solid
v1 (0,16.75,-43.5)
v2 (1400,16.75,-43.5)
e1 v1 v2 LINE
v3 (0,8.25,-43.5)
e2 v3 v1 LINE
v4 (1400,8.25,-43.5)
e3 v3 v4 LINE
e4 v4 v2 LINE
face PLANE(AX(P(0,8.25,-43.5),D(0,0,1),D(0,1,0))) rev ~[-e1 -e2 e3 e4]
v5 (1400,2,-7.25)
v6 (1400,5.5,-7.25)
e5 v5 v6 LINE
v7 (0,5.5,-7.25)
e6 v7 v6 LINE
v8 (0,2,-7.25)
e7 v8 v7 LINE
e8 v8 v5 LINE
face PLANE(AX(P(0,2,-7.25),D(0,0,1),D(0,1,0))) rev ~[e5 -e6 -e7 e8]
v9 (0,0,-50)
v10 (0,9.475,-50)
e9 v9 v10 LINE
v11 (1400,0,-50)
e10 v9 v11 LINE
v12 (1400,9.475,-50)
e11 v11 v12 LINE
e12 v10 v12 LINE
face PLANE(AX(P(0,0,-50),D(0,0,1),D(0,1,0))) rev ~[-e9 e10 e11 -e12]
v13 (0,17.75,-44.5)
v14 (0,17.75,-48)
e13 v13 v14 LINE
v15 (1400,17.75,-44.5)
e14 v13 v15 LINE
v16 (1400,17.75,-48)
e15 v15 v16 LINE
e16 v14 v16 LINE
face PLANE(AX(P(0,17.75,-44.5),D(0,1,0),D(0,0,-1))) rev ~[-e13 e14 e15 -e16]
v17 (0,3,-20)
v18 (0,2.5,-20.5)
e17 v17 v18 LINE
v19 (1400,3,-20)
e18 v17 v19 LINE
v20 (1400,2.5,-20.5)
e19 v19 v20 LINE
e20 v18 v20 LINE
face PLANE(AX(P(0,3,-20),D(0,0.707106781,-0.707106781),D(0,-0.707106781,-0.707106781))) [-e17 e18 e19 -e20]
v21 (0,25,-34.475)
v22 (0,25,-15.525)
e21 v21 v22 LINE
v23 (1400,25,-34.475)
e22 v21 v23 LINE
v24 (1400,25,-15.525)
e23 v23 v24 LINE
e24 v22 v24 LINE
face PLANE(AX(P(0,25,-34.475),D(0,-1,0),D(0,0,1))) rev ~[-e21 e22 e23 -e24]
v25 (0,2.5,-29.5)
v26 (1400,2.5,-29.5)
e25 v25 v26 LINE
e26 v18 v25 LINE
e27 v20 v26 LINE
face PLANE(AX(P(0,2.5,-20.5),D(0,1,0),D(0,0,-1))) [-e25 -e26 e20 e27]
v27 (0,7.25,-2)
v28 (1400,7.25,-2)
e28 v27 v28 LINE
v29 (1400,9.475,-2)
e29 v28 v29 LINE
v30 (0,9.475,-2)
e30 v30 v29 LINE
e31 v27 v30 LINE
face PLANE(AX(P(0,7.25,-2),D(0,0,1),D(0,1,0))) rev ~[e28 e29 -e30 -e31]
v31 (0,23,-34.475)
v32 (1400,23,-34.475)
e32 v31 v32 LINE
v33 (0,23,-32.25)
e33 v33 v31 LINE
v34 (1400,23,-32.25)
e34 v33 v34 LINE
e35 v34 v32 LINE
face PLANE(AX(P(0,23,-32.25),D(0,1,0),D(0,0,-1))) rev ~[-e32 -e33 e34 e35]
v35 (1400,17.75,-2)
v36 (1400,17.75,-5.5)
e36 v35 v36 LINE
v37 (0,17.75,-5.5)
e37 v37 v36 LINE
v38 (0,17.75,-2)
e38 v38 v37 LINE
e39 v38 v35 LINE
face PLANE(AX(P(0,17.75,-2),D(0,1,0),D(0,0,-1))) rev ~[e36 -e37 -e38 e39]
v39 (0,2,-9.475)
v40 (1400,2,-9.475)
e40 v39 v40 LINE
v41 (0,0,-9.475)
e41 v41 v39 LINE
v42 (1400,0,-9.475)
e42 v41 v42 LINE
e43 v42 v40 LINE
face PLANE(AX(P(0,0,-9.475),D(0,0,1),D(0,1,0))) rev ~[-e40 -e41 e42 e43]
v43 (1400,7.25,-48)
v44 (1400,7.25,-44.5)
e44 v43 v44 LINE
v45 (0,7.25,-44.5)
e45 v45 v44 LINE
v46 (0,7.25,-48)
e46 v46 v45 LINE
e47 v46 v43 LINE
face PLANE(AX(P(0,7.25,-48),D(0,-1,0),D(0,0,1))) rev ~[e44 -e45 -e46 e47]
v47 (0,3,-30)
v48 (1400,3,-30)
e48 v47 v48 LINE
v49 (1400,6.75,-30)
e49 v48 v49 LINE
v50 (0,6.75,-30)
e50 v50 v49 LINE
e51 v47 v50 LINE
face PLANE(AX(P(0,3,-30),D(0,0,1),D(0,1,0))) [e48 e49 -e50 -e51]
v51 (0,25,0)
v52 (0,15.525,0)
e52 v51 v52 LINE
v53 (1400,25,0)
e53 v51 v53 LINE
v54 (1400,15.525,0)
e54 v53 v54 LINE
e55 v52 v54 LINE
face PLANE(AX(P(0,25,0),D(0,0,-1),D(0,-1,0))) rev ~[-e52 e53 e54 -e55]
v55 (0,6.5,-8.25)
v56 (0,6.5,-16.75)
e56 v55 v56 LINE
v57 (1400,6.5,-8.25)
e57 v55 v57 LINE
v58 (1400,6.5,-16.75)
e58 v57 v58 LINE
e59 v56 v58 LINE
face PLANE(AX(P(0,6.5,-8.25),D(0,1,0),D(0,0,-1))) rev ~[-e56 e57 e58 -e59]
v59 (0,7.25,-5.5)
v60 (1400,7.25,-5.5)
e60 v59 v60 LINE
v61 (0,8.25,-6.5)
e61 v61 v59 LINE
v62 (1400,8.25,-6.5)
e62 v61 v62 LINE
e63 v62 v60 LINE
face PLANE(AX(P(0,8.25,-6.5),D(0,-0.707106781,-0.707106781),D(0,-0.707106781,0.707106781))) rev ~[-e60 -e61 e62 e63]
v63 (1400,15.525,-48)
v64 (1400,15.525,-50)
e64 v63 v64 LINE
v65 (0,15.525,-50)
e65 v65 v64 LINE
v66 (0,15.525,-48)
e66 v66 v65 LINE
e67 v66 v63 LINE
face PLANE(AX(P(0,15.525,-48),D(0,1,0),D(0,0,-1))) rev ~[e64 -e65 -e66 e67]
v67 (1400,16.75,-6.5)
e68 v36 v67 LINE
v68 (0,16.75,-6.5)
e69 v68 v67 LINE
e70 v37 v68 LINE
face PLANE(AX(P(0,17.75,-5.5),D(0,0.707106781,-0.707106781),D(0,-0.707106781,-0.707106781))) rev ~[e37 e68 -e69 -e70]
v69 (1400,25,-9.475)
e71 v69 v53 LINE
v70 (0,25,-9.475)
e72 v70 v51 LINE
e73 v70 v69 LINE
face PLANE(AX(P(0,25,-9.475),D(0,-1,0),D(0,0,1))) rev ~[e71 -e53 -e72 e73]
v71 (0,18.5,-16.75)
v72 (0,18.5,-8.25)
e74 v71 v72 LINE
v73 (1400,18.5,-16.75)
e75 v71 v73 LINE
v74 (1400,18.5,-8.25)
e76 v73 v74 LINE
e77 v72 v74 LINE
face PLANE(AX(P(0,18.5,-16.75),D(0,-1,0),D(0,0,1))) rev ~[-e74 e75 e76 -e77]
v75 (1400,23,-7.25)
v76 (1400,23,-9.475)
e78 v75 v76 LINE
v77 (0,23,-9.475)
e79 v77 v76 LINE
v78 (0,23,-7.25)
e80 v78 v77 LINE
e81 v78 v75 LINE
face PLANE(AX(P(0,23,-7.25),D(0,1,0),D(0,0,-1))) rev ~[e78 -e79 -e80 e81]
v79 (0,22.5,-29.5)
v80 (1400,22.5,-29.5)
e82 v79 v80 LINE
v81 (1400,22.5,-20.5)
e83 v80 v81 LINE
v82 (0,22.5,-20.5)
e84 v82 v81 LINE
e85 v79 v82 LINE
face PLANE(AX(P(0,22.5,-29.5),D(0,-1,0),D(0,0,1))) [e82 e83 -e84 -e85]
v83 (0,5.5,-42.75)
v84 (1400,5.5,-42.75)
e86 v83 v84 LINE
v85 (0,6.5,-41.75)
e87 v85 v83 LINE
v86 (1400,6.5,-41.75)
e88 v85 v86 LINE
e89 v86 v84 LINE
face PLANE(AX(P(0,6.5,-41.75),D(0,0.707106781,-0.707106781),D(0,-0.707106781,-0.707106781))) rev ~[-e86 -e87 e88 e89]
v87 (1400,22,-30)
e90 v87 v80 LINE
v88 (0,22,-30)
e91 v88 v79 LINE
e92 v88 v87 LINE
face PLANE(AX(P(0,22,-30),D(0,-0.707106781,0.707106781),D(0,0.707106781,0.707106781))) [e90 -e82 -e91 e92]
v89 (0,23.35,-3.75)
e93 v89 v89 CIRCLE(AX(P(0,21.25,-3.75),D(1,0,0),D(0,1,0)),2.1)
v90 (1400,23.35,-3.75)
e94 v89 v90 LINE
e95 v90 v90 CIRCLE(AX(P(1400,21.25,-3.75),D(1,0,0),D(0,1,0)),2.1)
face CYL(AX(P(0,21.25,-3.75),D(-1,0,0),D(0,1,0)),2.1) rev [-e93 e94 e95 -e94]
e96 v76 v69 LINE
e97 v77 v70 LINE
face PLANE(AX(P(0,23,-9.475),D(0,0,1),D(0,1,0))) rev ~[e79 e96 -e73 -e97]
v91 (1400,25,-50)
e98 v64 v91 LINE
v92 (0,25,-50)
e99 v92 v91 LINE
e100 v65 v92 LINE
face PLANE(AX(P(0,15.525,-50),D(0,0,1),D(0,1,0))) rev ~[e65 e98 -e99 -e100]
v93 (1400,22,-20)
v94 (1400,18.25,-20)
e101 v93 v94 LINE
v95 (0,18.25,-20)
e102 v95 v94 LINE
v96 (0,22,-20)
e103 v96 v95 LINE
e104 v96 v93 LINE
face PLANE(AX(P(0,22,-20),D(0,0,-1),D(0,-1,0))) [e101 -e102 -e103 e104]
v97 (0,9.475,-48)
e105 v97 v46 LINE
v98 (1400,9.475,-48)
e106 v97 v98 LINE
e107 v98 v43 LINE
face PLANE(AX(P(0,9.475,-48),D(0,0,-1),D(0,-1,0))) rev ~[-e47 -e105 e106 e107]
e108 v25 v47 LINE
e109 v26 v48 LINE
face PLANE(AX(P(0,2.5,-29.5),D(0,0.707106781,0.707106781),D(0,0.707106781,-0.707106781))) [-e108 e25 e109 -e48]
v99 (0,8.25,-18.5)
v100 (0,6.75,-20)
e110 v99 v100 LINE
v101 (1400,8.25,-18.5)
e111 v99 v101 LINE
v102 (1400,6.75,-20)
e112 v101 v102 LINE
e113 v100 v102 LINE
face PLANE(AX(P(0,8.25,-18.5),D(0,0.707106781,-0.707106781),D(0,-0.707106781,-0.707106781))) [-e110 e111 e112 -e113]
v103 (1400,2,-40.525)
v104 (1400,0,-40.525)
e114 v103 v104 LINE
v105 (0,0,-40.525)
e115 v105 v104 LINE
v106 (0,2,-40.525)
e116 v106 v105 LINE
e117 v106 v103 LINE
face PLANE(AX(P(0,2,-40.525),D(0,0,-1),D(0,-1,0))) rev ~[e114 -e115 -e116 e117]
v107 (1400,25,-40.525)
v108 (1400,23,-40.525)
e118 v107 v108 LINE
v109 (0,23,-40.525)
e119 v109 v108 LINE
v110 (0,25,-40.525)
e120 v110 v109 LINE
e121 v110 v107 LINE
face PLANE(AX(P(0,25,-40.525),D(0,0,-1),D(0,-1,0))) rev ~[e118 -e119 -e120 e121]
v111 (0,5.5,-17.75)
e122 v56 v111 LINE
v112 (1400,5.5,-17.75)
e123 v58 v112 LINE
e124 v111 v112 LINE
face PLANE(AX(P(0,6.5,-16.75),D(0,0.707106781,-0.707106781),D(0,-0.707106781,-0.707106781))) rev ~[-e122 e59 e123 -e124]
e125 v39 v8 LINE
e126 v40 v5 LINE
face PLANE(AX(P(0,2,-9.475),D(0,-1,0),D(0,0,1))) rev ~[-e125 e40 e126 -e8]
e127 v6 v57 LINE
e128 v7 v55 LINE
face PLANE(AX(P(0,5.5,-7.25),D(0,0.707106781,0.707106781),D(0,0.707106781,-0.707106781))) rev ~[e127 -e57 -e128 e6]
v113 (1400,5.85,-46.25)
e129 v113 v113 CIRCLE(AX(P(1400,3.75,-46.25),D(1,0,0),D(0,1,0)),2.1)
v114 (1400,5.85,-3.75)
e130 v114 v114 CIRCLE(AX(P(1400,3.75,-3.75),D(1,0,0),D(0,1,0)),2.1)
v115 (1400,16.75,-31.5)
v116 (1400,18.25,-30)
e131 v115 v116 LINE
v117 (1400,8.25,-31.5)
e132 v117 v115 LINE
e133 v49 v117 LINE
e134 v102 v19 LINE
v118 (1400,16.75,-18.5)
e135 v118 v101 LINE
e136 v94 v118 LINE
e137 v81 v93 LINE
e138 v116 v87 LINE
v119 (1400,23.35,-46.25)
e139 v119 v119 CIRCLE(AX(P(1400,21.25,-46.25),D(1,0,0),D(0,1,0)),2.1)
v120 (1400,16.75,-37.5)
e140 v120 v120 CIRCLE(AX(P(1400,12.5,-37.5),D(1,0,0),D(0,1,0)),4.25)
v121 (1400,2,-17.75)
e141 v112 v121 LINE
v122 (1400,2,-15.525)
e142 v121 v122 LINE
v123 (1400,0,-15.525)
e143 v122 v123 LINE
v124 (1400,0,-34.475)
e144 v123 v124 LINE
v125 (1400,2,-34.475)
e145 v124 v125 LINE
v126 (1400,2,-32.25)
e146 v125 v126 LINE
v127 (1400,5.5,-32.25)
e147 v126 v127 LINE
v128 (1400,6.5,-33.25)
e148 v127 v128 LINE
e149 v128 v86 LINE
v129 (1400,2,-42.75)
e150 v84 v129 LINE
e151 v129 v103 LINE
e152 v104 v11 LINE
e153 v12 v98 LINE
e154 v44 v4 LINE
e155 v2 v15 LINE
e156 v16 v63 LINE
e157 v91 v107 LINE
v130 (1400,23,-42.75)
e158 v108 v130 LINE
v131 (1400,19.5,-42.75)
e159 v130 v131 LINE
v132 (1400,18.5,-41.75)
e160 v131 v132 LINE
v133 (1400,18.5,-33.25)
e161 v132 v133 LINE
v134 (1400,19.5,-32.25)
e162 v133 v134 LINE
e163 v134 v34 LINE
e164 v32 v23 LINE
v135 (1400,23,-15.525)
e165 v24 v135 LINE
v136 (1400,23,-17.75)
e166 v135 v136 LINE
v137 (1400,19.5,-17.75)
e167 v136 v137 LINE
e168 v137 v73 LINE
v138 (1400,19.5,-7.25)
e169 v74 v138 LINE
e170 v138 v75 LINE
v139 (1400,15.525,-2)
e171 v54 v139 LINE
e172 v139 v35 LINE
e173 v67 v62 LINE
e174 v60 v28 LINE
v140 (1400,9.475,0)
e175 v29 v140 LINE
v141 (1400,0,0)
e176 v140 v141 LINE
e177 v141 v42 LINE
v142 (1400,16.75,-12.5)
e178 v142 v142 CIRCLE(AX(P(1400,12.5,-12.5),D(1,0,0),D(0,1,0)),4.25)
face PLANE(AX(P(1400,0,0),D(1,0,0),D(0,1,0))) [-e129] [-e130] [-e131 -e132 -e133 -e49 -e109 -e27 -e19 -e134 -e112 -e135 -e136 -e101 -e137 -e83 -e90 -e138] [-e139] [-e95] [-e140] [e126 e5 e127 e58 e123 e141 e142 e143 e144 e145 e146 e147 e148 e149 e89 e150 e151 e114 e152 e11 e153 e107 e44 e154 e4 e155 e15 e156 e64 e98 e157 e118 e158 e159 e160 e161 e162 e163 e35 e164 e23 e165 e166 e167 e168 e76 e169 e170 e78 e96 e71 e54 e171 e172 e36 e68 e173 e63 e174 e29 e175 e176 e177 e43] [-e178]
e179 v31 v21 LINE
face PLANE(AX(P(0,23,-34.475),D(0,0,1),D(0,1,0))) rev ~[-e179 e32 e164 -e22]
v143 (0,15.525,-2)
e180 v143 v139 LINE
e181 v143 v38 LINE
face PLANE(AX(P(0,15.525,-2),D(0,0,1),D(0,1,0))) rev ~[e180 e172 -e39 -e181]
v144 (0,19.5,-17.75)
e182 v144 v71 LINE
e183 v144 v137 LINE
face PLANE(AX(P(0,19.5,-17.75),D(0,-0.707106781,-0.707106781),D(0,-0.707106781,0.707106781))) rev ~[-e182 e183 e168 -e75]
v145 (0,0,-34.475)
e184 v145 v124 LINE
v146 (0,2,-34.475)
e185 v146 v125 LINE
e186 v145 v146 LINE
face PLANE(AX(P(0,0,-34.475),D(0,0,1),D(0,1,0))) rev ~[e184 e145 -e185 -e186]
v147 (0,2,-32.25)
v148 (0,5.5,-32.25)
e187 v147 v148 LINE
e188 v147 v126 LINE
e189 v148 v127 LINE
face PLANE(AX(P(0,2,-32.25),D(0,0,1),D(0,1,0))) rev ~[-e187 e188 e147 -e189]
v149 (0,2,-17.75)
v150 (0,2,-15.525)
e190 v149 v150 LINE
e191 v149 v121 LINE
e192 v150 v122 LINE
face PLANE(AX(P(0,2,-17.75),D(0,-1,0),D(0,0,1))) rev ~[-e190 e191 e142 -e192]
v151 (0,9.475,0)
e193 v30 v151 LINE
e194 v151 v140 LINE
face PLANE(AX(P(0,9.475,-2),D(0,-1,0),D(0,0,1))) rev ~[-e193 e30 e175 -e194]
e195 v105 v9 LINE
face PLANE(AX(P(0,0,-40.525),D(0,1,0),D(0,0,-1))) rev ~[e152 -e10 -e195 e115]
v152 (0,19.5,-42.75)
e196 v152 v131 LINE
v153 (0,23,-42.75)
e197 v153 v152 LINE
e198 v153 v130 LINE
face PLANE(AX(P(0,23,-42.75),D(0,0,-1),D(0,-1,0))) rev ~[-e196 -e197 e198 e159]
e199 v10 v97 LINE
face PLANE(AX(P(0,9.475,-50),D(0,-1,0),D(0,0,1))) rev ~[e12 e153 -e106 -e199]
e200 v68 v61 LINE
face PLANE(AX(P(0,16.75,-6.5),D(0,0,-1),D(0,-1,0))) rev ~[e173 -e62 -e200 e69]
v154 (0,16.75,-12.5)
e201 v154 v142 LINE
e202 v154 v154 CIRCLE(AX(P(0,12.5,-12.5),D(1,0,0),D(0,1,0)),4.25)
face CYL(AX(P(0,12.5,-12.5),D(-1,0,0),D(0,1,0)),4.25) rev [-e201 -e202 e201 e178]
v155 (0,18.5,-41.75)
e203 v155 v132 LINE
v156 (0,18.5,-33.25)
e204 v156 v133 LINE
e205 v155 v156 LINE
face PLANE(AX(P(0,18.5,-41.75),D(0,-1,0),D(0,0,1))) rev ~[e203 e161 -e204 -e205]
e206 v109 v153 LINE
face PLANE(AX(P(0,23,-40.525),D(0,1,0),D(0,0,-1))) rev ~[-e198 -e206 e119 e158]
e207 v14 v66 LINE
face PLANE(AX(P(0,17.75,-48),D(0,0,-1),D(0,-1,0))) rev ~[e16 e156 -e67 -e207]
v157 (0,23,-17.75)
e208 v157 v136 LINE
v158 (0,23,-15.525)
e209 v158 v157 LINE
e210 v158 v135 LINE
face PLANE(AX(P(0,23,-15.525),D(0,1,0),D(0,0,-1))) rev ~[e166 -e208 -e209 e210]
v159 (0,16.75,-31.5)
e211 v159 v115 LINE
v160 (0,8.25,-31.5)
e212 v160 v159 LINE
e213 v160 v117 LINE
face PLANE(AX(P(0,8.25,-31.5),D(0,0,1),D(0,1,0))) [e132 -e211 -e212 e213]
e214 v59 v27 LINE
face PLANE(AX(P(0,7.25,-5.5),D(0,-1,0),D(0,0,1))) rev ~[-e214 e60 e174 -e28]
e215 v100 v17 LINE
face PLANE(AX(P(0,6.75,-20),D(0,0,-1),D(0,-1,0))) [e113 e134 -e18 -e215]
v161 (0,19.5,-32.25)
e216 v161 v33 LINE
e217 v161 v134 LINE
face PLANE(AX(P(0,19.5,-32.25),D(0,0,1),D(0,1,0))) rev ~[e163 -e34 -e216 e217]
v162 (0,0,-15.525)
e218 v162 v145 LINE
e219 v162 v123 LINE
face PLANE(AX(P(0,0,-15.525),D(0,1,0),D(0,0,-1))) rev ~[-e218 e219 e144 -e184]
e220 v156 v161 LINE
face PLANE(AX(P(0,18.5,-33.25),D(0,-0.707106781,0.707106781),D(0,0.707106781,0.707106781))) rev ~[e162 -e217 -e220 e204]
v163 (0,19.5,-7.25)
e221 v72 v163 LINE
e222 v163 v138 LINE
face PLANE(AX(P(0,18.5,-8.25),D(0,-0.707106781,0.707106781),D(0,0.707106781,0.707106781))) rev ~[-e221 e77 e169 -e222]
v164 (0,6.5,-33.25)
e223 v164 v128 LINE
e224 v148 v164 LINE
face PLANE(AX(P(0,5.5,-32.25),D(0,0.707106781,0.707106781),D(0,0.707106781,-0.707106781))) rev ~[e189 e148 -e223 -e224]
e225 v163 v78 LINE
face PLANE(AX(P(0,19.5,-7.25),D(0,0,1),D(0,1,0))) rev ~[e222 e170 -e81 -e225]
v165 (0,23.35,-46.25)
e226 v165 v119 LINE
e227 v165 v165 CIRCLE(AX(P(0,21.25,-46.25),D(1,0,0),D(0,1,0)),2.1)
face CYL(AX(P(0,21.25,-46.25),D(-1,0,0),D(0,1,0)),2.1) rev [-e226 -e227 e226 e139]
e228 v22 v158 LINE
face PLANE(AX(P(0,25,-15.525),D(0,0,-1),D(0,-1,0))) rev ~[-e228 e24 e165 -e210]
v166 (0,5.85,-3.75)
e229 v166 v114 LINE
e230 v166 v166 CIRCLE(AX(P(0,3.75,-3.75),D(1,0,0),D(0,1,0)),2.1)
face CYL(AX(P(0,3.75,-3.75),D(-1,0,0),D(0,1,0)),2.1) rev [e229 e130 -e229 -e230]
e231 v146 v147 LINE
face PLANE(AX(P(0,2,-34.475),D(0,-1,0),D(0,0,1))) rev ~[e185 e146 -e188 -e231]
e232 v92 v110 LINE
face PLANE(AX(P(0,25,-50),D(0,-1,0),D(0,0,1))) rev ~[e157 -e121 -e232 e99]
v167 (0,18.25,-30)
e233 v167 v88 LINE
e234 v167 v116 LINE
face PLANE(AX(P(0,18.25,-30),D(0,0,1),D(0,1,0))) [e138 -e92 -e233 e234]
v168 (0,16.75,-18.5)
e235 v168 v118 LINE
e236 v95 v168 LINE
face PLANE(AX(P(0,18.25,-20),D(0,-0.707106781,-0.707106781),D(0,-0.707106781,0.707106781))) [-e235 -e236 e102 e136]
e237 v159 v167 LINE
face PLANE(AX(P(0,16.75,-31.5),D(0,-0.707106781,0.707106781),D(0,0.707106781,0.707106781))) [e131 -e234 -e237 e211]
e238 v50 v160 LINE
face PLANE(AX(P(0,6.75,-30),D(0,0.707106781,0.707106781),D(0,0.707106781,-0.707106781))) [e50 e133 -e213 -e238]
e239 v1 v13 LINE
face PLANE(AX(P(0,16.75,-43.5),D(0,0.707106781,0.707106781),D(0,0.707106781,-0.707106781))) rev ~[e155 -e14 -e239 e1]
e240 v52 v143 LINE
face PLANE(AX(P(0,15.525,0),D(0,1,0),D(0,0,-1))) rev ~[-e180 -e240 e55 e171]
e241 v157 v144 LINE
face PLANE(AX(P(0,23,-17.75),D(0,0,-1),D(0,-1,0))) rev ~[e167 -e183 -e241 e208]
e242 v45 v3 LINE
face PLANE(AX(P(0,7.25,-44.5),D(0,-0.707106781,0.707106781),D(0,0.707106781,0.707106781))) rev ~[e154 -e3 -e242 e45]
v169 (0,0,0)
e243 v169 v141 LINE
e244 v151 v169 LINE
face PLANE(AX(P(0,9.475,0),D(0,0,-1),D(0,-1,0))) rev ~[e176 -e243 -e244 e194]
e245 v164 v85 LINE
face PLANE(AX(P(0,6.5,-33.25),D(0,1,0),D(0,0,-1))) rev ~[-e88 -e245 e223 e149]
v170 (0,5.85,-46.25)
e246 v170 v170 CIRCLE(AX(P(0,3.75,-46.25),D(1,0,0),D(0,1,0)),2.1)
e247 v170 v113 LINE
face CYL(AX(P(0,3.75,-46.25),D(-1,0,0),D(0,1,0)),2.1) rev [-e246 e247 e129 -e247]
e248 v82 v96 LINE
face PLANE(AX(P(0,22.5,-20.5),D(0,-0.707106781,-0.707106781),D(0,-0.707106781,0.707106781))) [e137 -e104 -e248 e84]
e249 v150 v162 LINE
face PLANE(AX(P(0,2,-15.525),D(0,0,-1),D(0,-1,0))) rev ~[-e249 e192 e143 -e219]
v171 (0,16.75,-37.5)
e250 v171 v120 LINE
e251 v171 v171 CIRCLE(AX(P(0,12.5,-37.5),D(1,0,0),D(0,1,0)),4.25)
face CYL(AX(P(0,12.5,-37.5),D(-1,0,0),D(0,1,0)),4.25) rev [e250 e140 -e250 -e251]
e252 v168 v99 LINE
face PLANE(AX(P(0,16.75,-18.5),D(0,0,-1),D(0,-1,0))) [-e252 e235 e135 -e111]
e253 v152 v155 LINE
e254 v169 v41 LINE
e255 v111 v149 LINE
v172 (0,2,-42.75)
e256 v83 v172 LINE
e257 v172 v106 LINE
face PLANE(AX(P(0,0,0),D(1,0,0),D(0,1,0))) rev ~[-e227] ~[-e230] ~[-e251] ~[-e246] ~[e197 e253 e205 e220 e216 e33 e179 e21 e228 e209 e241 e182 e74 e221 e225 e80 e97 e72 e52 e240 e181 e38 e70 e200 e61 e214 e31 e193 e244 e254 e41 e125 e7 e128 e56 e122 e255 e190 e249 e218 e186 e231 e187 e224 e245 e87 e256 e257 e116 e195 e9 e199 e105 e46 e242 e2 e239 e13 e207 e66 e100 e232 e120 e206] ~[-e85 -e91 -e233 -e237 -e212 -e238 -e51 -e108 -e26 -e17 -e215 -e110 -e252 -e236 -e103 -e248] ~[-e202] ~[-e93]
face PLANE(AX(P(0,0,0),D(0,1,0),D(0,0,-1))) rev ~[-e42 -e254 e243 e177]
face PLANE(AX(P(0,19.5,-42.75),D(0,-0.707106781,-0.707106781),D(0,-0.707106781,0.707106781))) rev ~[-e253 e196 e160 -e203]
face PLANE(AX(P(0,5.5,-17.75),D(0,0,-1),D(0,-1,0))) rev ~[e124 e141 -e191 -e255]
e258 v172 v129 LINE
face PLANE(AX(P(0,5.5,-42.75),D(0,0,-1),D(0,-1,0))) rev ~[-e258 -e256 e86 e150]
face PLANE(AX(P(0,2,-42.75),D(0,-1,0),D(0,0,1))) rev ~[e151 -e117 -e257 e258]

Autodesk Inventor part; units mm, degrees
ref_plane "YZ Plane" through (0, 0, 0) normal (1, 0, 0) x (0, 1, 0)
ref_plane "XZ Plane" through (0, 0, 0) normal (0, 1, 0) x (-1, 0, 0)
ref_plane "XY Plane" through (0, 0, 0) normal (0, 0, 1) x (1, 0, 0)
sketch "Skizze_1" plane through (0, 0, 0) normal (1, 0, 0) x (0, 1, 0)
  line L0 (25, 0) -> (15.525, 0)
  line L1 (15.525, 0) -> (15.525, -2)
  line L2 (15.525, -2) -> (17.75, -2)
  line L3 (17.75, -2) -> (17.75, -5.5)
  line L4 (17.75, -5.5) -> (16.75, -6.5)
  line L5 (16.75, -6.5) -> (8.25, -6.5)
  line L6 (8.25, -6.5) -> (7.25, -5.5)
  line L7 (7.25, -5.5) -> (7.25, -2)
  line L8 (7.25, -2) -> (9.475, -2)
  line L9 (9.475, -2) -> (9.475, 0)
  line L10 (9.475, 0) -> (0, 0)
  line L11 (0, 0) -> (0, -9.475)
  line L12 (0, -9.475) -> (2, -9.475)
  line L13 (2, -9.475) -> (2, -7.25)
  line L14 (2, -7.25) -> (5.5, -7.25)
  line L15 (5.5, -7.25) -> (6.5, -8.25)
  line L16 (6.5, -8.25) -> (6.5, -16.75)
  line L17 (6.5, -16.75) -> (5.5, -17.75)
  line L18 (5.5, -17.75) -> (2, -17.75)
  line L19 (2, -17.75) -> (2, -15.525)
  line L20 (2, -15.525) -> (0, -15.525)
  line L21 (0, -15.525) -> (0, -34.475)
  line L22 (0, -34.475) -> (2, -34.475)
  line L23 (2, -34.475) -> (2, -32.25)
  line L24 (2, -32.25) -> (5.5, -32.25)
  line L25 (5.5, -32.25) -> (6.5, -33.25)
  line L26 (6.5, -33.25) -> (6.5, -41.75)
  line L27 (6.5, -41.75) -> (5.5, -42.75)
  line L28 (5.5, -42.75) -> (2, -42.75)
  line L29 (2, -42.75) -> (2, -40.525)
  line L30 (2, -40.525) -> (0, -40.525)
  line L31 (0, -40.525) -> (0, -50)
  line L32 (0, -50) -> (9.475, -50)
  line L33 (9.475, -50) -> (9.475, -48)
  line L34 (9.475, -48) -> (7.25, -48)
  line L35 (7.25, -48) -> (7.25, -44.5)
  line L36 (7.25, -44.5) -> (8.25, -43.5)
  line L37 (8.25, -43.5) -> (16.75, -43.5)
  line L38 (16.75, -43.5) -> (17.75, -44.5)
  line L39 (17.75, -44.5) -> (17.75, -48)
  line L40 (17.75, -48) -> (15.525, -48)
  line L41 (15.525, -48) -> (15.525, -50)
  line L42 (15.525, -50) -> (25, -50)
  line L43 (25, -50) -> (25, -40.525)
  line L44 (25, -40.525) -> (23, -40.525)
  line L45 (23, -40.525) -> (23, -42.75)
  line L46 (23, -42.75) -> (19.5, -42.75)
  line L47 (19.5, -42.75) -> (18.5, -41.75)
  line L48 (18.5, -41.75) -> (18.5, -33.25)
  line L49 (18.5, -33.25) -> (19.5, -32.25)
  line L50 (19.5, -32.25) -> (23, -32.25)
  line L51 (23, -32.25) -> (23, -34.475)
  line L52 (23, -34.475) -> (25, -34.475)
  line L53 (25, -34.475) -> (25, -15.525)
  line L54 (25, -15.525) -> (23, -15.525)
  line L55 (23, -15.525) -> (23, -17.75)
  line L56 (23, -17.75) -> (19.5, -17.75)
  line L57 (19.5, -17.75) -> (18.5, -16.75)
  line L58 (18.5, -16.75) -> (18.5, -8.25)
  line L59 (18.5, -8.25) -> (19.5, -7.25)
  line L60 (19.5, -7.25) -> (23, -7.25)
  line L61 (23, -7.25) -> (23, -9.475)
  line L62 (23, -9.475) -> (25, -9.475)
  line L63 (25, -9.475) -> (25, 0)
  circle A0 centre (3.75, -46.25) radius 2.1
  circle A1 centre (21.25, -46.25) radius 2.1
  circle A2 centre (12.5, -37.5) radius 4.25
  line L64 (8.25, -18.5) -> (6.75, -20)
  line L65 (6.75, -20) -> (3, -20)
  line L66 (3, -20) -> (2.5, -20.5)
  line L67 (2.5, -20.5) -> (2.5, -29.5)
  line L68 (2.5, -29.5) -> (3, -30)
  line L69 (3, -30) -> (6.75, -30)
  line L70 (6.75, -30) -> (8.25, -31.5)
  line L71 (8.25, -31.5) -> (16.75, -31.5)
  line L72 (16.75, -31.5) -> (18.25, -30)
  line L73 (18.25, -30) -> (22, -30)
  line L74 (22, -30) -> (22.5, -29.5)
  line L75 (22.5, -29.5) -> (22.5, -20.5)
  line L76 (22.5, -20.5) -> (22, -20)
  line L77 (22, -20) -> (18.25, -20)
  line L78 (18.25, -20) -> (16.75, -18.5)
  line L79 (16.75, -18.5) -> (8.25, -18.5)
  circle A3 centre (12.5, -12.5) radius 4.25
  circle A4 centre (3.75, -3.75) radius 2.1
  circle A5 centre (21.25, -3.75) radius 2.1
extrude "Extrusion1" add sketch "Skizze_1" along normal blind 1400
equation "\"d0\" = L"
equation "\"L\" = 1400"
properties part number "25.02.1400(00-00-0)(0)"
